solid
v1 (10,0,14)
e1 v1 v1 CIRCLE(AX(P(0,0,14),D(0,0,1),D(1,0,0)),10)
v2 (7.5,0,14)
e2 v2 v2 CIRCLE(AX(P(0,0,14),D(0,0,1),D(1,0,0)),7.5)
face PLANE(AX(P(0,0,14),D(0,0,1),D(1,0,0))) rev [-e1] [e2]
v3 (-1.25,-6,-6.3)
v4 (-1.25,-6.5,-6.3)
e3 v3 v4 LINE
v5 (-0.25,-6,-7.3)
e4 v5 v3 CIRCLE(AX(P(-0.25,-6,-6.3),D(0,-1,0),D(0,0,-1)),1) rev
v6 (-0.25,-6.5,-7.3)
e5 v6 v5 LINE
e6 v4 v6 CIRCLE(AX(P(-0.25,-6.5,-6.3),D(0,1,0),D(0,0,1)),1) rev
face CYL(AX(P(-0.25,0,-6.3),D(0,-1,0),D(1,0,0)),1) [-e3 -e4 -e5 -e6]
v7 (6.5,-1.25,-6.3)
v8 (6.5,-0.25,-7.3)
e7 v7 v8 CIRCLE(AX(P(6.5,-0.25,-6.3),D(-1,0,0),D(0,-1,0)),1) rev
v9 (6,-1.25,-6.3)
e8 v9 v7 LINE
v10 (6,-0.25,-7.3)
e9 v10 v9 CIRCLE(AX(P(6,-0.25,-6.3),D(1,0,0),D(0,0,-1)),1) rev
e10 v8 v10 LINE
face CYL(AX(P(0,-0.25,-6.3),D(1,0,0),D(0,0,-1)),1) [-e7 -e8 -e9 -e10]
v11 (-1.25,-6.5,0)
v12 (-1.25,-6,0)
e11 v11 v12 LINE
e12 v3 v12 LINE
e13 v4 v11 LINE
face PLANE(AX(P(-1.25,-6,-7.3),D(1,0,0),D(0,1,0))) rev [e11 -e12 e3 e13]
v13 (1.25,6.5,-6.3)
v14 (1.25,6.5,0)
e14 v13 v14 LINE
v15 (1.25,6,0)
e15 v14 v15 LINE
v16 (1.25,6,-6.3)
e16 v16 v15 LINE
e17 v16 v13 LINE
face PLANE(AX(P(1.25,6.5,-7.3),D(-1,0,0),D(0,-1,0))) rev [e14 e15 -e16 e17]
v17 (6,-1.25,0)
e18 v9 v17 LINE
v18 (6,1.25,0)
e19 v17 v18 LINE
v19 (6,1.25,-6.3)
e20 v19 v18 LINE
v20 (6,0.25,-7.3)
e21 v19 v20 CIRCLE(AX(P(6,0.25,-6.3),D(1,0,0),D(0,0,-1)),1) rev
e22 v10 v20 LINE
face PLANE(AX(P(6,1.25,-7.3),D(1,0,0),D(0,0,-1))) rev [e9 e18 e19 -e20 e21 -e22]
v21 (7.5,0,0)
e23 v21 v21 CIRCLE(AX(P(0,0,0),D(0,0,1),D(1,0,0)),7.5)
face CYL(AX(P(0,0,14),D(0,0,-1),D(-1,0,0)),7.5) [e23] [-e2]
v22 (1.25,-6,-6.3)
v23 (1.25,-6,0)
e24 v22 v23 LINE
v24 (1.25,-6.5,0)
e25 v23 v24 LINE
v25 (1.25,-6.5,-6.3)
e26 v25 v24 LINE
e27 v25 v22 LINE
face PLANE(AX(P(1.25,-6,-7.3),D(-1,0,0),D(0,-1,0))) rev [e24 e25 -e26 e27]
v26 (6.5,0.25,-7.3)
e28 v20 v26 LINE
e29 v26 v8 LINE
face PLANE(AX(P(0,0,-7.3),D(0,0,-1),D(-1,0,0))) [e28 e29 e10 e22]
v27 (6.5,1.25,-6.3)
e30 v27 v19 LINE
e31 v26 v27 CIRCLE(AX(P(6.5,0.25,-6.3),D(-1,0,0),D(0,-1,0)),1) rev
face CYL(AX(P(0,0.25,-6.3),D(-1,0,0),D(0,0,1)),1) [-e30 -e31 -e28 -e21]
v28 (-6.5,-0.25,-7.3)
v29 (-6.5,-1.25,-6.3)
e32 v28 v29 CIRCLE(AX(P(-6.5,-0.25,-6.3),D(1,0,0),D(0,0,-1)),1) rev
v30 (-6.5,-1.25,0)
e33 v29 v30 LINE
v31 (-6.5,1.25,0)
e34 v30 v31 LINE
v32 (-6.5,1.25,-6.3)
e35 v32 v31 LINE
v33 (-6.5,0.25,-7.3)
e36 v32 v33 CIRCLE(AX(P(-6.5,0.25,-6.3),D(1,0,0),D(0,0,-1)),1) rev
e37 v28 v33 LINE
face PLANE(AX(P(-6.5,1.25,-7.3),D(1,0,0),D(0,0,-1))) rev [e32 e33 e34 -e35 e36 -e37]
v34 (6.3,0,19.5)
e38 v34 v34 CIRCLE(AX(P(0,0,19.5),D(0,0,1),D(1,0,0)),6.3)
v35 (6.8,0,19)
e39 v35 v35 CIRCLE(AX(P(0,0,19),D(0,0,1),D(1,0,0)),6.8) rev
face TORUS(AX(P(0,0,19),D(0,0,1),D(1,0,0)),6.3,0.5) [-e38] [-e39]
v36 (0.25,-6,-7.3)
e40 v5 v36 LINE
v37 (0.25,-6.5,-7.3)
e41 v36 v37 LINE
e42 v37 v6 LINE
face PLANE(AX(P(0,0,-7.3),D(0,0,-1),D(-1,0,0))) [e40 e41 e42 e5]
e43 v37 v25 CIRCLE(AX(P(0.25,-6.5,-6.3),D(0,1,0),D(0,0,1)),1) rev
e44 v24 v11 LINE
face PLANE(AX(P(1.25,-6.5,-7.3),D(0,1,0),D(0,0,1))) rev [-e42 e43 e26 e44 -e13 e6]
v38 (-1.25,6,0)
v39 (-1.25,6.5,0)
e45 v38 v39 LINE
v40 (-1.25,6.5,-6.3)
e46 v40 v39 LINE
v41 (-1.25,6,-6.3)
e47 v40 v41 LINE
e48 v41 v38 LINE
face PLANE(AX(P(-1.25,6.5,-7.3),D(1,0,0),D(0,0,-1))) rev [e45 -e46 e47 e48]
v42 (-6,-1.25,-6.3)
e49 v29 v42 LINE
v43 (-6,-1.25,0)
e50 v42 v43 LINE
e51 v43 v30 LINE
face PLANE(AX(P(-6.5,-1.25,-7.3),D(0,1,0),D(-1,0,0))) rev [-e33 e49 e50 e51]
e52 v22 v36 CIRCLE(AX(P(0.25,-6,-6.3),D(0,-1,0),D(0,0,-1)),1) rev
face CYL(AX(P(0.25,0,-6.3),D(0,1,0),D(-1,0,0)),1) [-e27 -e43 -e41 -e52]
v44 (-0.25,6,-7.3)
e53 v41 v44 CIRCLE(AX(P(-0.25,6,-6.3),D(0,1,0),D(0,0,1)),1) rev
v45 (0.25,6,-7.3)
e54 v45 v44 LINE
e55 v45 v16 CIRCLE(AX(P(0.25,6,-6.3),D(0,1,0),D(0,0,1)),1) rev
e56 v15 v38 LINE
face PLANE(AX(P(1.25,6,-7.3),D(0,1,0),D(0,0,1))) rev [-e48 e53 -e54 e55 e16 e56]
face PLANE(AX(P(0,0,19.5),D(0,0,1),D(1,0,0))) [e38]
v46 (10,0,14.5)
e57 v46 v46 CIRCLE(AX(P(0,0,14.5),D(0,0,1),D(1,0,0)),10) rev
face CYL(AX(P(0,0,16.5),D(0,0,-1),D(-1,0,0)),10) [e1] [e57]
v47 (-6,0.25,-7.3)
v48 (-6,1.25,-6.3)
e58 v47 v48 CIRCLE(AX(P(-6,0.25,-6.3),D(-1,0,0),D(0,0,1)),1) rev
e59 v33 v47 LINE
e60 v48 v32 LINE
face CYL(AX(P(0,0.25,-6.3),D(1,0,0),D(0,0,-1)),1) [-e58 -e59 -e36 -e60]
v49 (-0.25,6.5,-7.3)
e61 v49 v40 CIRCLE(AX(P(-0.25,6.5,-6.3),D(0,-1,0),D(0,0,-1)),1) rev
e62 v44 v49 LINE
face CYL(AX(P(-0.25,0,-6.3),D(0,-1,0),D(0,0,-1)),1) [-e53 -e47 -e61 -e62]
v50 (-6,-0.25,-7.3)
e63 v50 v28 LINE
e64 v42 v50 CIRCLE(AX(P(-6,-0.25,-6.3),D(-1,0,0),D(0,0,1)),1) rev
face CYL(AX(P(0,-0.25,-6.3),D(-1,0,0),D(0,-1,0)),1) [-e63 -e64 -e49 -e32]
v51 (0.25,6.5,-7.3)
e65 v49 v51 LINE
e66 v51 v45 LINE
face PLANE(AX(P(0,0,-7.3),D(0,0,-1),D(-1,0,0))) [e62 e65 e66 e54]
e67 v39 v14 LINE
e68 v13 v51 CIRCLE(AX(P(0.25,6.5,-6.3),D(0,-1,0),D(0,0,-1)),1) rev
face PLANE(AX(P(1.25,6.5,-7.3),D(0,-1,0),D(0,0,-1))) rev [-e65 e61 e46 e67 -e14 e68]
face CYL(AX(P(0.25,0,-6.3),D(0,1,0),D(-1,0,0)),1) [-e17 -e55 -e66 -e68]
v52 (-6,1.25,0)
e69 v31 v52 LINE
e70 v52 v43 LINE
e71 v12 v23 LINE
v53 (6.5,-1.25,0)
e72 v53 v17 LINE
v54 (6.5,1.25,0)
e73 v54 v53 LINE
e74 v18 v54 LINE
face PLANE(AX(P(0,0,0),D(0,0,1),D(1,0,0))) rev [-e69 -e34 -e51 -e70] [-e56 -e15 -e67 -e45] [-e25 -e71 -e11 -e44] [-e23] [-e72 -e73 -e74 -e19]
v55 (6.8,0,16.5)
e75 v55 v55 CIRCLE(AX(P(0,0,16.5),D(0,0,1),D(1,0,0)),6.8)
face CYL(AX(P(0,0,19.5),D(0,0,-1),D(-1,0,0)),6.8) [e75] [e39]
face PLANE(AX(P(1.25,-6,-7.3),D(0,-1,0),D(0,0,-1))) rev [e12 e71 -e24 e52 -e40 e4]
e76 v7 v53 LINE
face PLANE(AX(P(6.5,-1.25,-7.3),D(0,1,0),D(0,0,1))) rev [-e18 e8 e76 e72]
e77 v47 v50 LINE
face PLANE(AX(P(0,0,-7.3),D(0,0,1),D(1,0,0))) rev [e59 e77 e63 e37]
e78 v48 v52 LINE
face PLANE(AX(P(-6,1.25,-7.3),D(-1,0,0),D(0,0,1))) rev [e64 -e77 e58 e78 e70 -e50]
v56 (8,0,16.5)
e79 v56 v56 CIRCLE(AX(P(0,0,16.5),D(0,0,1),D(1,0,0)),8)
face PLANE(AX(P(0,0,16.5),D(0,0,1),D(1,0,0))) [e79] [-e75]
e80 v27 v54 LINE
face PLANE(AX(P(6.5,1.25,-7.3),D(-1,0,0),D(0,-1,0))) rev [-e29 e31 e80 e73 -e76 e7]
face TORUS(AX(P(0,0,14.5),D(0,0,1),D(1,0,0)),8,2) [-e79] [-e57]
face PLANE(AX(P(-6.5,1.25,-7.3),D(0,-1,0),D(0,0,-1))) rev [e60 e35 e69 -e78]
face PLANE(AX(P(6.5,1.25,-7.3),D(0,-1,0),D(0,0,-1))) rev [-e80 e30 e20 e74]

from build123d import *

# Parameters (mm, degrees)
SKETCH_1_R      = 7.5
EXTRUDE_1_DEPTH = 14
SKETCH_2_R      = 10
EXTRUDE_2_DEPTH = 2.5
SKETCH_3_R      = 6.8
EXTRUDE_3_DEPTH = 3
SKETCH_4_W      = 0.5
SKETCH_4_H      = 2.5
SKETCH_4_W_2    = 2.5
SKETCH_4_H_2    = 0.5
EXTRUDE_4_DEPTH = 7.3
FILLET_1_R      = 1
FILLET_2_R      = 0.5
FILLET_3_R      = 2


with BuildPart() as part:
    # ｽｹｯﾁ1 → ﾎﾞｽ - 押し出し1 (new body)
    with BuildSketch(Plane.XY):
        Circle(SKETCH_1_R)
    extrude(amount=EXTRUDE_1_DEPTH)

    # ｽｹｯﾁ2 → ﾎﾞｽ - 押し出し2 (add)
    with BuildSketch(Plane.XY.offset(14)):
        Circle(SKETCH_2_R)
    extrude(amount=EXTRUDE_2_DEPTH)

    # ｽｹｯﾁ3 → ﾎﾞｽ - 押し出し3 (add)
    with BuildSketch(Plane.XY.offset(16.5)):
        Circle(SKETCH_3_R)
    extrude(amount=EXTRUDE_3_DEPTH)

    # ｽｹｯﾁ4 → ﾎﾞｽ - 押し出し4 (add)
    with BuildSketch(Plane(origin=(0, 0, 0), x_dir=(-1, 0, 0), z_dir=(0, 0, -1))):
        with Locations((-6.25, 0)):
            Rectangle(SKETCH_4_W, SKETCH_4_H)
        with Locations((6.25, 0)):
            Rectangle(SKETCH_4_W, SKETCH_4_H)
        with Locations((0, 6.25)):
            Rectangle(SKETCH_4_W_2, SKETCH_4_H_2)
        with Locations((0, -6.25)):
            Rectangle(SKETCH_4_W_2, SKETCH_4_H_2)
    extrude(amount=EXTRUDE_4_DEPTH)

    # ﾌｨﾚｯﾄ1
    fillet_1_edges = [part.edges().sort_by_distance(p)[0] for p in [
        (6.25, 1.25, -7.3),
        (6.25, -1.25, -7.3),
        (-6.25, -1.25, -7.3),
        (-6.25, 1.25, -7.3),
        (-1.25, 6.25, -7.3),
        (1.25, 6.25, -7.3),
        (-1.25, -6.25, -7.3),
        (1.25, -6.25, -7.3),
    ]]
    fillet(fillet_1_edges, radius=FILLET_1_R)

    # ﾌｨﾚｯﾄ2
    fillet_2_edges = [part.edges().sort_by_distance(p)[0] for p in [
        (-6.8, 0, 19.5),
    ]]
    fillet(fillet_2_edges, radius=FILLET_2_R)

    # ﾌｨﾚｯﾄ3
    fillet_3_edges = [part.edges().sort_by_distance(p)[0] for p in [
        (-10, 0, 16.5),
    ]]
    fillet(fillet_3_edges, radius=FILLET_3_R)


solid = part.part
